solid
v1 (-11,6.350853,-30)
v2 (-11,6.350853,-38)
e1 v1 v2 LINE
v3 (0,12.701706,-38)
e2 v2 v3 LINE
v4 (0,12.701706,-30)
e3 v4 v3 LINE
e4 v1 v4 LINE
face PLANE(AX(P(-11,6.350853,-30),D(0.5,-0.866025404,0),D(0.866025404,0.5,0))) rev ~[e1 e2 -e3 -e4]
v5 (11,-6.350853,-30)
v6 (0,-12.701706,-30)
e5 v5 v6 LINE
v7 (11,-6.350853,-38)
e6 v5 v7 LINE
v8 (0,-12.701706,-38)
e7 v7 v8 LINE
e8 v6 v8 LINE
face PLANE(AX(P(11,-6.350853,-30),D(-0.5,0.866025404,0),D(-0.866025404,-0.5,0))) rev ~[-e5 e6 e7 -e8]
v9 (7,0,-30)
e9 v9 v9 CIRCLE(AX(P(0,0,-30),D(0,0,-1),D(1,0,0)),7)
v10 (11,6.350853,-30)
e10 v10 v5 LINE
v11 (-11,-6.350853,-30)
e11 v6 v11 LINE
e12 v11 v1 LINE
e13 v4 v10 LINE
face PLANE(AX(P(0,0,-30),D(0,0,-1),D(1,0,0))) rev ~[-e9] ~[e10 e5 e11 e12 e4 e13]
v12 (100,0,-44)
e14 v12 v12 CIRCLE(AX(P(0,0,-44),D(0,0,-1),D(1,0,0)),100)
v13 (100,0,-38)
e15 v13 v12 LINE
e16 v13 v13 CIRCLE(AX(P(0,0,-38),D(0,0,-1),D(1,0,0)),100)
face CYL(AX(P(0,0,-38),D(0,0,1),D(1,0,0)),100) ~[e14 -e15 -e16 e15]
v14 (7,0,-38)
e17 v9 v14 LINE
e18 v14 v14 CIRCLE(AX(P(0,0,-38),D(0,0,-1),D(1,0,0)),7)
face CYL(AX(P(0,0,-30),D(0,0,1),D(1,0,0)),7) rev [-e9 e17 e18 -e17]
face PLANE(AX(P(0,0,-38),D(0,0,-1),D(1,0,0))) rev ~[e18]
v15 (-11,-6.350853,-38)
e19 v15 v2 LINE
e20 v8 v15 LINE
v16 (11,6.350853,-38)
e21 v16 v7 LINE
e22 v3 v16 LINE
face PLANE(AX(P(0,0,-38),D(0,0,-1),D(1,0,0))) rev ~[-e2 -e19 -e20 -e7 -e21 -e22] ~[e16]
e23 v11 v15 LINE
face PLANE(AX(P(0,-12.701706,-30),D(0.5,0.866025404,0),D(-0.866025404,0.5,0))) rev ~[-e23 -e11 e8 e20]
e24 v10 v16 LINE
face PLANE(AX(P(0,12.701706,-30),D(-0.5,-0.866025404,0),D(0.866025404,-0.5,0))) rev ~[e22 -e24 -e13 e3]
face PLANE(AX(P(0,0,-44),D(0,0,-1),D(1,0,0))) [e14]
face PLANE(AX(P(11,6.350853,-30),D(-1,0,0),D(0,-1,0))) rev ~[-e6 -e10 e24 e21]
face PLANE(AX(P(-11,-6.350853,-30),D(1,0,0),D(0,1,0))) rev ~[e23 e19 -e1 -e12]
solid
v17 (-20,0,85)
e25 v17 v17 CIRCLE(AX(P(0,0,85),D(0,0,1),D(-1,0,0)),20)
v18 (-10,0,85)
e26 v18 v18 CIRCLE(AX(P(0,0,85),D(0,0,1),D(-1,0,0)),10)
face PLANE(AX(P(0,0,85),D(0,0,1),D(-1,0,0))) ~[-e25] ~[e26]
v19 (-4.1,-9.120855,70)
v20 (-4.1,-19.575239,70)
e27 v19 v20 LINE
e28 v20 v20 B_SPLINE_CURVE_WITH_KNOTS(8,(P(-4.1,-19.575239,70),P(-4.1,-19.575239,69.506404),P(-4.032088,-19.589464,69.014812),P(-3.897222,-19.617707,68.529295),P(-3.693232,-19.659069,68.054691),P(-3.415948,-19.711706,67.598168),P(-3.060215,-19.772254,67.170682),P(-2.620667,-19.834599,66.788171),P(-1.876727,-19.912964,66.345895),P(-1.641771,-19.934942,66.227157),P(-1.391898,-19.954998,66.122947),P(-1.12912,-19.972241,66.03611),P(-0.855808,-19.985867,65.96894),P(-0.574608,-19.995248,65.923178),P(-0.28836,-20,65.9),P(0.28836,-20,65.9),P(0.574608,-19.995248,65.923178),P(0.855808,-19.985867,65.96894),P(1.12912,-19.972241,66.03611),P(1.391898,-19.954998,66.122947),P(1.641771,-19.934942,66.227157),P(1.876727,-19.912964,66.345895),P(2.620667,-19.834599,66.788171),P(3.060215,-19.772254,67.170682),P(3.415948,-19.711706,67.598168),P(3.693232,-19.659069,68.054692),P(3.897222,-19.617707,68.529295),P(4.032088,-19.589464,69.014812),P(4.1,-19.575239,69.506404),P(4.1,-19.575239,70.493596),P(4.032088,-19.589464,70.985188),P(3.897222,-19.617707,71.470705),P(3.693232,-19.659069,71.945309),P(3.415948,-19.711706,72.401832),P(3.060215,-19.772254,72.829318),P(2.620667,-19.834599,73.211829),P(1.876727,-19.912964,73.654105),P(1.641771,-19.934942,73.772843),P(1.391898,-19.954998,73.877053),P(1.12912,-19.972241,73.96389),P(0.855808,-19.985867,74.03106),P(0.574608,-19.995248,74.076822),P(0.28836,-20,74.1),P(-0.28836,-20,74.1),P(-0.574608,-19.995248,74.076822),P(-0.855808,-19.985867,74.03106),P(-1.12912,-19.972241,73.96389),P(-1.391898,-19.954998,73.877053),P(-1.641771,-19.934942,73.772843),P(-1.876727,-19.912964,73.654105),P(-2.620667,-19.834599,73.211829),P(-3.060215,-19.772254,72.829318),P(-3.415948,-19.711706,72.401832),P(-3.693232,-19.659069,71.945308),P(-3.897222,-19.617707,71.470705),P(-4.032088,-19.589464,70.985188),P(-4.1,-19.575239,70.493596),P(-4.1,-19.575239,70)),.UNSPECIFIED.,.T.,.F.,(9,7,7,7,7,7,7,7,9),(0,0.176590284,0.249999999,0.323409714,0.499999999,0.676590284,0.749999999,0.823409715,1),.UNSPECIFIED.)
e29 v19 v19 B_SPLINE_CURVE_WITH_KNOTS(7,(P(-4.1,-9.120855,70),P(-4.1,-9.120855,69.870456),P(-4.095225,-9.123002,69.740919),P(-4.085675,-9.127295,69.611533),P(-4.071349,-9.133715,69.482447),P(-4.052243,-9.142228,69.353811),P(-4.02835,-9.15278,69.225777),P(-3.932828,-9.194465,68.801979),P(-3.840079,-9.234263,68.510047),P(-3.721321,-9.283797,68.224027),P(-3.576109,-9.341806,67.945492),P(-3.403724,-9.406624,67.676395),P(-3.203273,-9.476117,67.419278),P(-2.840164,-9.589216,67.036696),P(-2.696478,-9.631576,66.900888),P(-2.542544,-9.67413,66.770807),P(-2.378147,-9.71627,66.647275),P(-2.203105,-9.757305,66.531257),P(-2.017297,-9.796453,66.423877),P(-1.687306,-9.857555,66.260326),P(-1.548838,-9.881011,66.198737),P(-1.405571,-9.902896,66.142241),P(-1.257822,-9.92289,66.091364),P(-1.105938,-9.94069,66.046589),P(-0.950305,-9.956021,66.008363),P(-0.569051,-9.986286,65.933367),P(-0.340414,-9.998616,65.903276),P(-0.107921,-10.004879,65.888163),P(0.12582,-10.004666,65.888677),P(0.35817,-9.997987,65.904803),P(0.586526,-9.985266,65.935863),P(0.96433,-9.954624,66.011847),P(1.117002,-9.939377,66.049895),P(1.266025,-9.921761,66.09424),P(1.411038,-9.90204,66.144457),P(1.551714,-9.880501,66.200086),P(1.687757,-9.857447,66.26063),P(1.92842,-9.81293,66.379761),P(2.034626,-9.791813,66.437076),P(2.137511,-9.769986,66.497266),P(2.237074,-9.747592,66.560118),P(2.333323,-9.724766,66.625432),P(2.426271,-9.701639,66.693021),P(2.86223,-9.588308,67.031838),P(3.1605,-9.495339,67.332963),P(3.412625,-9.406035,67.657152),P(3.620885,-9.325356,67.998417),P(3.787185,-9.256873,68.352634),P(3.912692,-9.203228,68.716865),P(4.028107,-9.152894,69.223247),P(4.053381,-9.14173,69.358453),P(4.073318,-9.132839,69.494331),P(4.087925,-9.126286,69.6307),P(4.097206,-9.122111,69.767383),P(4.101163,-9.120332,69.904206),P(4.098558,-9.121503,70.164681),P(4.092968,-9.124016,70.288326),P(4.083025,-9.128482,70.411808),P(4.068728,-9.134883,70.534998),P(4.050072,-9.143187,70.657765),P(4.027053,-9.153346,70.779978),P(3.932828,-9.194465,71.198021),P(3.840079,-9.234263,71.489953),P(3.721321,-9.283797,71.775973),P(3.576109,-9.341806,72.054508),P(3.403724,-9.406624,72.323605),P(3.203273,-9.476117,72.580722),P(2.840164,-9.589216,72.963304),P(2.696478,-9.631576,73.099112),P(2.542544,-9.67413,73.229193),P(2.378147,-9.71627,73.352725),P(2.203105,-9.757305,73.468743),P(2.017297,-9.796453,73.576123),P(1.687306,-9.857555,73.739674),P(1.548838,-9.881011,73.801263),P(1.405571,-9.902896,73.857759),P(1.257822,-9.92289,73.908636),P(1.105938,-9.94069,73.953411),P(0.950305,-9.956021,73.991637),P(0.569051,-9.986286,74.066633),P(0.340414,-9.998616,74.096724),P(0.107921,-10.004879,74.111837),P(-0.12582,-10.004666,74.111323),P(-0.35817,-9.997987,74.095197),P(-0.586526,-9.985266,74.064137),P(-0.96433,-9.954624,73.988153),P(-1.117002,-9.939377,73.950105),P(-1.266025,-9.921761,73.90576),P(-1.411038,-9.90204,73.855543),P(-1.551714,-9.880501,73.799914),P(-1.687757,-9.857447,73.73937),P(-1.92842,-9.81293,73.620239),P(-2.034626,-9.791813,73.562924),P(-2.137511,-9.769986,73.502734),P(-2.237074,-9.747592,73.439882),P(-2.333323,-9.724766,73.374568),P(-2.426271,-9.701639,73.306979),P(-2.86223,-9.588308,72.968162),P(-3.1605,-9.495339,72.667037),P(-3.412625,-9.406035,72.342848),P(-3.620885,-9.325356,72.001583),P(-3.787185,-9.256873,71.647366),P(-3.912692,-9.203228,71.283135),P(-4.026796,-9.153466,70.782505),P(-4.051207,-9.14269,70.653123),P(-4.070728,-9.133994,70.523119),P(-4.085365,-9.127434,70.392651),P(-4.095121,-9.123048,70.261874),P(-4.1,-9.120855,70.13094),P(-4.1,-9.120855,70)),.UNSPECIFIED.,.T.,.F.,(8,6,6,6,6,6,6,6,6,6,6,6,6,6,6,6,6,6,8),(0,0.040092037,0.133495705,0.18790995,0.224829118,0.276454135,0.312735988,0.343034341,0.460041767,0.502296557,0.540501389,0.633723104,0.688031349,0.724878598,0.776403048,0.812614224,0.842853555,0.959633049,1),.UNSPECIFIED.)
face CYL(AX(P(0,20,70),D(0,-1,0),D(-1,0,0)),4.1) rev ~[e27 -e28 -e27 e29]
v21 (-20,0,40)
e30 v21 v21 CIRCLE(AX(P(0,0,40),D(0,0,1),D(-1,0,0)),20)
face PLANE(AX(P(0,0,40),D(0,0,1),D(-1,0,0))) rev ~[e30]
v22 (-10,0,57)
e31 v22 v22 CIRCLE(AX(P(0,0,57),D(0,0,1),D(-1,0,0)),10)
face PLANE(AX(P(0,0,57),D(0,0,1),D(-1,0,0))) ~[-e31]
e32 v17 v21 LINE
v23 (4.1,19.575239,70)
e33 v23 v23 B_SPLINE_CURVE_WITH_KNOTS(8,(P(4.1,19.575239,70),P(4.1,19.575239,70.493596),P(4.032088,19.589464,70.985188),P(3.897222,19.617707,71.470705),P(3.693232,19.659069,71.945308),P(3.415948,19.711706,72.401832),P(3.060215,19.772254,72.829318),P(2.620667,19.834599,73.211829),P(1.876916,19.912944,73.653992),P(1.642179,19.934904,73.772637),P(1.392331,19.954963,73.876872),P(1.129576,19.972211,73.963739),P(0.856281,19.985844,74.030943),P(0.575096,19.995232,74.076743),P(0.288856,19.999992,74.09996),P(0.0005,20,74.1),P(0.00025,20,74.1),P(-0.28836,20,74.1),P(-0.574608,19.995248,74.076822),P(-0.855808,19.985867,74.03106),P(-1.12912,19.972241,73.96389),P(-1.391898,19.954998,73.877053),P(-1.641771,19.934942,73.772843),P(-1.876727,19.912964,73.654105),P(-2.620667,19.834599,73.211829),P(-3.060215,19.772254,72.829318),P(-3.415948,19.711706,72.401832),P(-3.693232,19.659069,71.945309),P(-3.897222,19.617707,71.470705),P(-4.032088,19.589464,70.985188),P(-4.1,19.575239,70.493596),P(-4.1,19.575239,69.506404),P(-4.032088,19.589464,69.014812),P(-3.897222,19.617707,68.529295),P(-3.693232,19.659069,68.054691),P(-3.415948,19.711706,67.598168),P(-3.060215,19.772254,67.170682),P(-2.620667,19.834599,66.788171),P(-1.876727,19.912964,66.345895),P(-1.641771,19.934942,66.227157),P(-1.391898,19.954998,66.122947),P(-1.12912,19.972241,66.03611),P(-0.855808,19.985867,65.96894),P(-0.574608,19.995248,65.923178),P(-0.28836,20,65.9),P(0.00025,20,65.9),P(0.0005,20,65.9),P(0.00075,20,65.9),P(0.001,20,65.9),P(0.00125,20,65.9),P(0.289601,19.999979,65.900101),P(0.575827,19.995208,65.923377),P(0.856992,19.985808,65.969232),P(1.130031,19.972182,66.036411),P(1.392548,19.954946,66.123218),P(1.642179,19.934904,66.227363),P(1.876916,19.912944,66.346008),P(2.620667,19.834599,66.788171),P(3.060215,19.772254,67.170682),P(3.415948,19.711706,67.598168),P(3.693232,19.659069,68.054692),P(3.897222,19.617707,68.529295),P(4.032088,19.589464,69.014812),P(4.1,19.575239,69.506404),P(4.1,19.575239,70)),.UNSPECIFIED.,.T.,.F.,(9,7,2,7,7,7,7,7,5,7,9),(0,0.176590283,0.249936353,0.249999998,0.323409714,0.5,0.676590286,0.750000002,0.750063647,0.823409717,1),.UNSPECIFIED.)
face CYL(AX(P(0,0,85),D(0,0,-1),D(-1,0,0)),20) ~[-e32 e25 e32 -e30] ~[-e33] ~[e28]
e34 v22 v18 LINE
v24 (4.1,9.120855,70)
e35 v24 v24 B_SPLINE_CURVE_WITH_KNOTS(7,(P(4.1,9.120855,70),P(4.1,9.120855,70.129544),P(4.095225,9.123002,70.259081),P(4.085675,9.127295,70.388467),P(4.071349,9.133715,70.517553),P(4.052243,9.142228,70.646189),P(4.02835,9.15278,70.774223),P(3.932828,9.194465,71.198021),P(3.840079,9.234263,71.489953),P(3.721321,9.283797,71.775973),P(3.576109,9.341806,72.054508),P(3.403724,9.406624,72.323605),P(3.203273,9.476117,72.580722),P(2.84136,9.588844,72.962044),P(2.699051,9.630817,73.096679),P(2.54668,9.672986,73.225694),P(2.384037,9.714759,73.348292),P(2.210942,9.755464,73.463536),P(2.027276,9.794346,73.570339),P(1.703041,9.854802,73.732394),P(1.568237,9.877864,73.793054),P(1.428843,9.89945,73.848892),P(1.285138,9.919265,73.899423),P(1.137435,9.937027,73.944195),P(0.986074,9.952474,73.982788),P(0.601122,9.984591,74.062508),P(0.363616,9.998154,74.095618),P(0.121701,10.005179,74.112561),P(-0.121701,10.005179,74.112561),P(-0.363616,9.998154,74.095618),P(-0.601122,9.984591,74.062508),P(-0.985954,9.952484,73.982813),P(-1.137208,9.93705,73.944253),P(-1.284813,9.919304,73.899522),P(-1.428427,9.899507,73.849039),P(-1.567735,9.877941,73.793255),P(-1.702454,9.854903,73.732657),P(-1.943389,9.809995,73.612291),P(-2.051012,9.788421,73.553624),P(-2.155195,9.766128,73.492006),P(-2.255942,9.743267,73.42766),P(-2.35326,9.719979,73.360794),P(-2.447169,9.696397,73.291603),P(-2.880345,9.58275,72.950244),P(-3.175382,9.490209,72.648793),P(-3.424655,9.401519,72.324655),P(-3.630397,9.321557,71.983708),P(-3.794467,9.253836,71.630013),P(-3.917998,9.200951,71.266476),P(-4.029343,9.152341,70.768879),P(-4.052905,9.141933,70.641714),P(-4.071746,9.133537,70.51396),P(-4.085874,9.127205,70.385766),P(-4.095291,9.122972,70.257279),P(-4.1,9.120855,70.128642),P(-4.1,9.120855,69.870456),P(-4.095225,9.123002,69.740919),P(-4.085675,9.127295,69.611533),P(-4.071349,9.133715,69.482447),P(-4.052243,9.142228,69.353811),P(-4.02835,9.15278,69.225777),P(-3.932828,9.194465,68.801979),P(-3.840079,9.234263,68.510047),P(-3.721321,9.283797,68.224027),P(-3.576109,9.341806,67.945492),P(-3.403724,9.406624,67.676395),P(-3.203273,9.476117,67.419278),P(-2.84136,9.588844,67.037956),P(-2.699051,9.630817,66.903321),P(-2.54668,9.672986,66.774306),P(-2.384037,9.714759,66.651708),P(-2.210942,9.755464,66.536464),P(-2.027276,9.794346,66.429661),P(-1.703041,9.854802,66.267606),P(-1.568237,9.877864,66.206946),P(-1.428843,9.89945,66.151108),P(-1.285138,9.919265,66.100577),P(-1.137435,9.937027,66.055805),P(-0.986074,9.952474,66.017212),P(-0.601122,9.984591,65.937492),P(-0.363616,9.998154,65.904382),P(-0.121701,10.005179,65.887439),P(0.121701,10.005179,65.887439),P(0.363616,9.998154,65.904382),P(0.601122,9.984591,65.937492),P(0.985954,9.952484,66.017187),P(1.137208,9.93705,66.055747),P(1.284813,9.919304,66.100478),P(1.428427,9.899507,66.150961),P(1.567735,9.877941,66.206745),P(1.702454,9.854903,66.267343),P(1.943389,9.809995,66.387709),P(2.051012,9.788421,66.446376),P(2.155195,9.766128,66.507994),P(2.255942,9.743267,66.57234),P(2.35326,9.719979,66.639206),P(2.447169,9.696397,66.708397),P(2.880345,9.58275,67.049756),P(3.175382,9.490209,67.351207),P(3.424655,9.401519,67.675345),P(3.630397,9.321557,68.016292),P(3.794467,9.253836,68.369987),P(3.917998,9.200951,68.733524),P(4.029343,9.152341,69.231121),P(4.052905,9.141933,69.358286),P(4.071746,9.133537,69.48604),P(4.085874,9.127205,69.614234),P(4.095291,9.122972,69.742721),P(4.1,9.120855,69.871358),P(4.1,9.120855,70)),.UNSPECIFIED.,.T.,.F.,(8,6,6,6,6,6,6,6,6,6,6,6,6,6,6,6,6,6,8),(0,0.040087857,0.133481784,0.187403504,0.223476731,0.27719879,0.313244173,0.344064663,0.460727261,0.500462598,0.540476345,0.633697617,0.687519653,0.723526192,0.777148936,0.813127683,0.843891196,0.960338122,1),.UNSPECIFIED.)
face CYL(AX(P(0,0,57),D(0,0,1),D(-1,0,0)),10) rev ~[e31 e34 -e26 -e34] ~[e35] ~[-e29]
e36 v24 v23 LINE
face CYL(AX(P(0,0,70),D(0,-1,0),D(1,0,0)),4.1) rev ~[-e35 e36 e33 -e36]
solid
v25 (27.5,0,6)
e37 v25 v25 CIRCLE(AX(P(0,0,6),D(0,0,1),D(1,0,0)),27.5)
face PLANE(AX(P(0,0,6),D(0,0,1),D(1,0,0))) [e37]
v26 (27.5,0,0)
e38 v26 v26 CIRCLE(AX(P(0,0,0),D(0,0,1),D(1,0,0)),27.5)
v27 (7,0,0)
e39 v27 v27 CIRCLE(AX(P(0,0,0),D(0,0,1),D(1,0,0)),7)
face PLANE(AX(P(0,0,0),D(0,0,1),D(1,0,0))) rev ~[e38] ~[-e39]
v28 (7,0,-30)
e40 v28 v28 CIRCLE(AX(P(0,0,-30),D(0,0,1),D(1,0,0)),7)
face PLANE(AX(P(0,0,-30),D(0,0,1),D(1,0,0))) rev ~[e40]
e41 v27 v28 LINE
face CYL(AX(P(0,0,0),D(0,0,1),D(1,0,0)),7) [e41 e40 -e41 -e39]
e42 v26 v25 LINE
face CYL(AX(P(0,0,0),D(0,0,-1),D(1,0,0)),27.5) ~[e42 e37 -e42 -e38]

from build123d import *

# Parameters (mm, degrees)
F0_R      = 27.5
F1_DEPTH  = 6
F2_R      = 7
F3_DEPTH  = 30
F4_R      = 7
F5_DEPTH  = 8
F6_R      = 100
F6_R_2    = 7
F7_DEPTH  = 6
F10_D     = 8.2
F10_DEPTH = 30
F10_TIP   = 2.463528538
F11_D     = 8.2
F11_DEPTH = 30
F11_START = 10.0000001
F11_TIP   = 2.463528538


with BuildPart() as f1:
    # F0 (on Top) → F1 (new body)
    with BuildSketch(Plane.XY):
        Circle(F0_R)
    extrude(amount=F1_DEPTH)

    # F2 (on face) → F3 (join)
    with BuildSketch(Plane.XY):
        Circle(F2_R)
    extrude(amount=-F3_DEPTH)


with BuildPart() as f5:
    # F4 (on face) → F5 (new body)
    with BuildSketch(Plane(origin=(0, 0, -30), x_dir=(1, 0, 0), z_dir=(0, 0, -1))):
        Polygon((11, -6.3508529611), (11, 6.3508529611), (0, 12.7017059222), (-11, 6.3508529611), (-11, -6.3508529611), (0, -12.7017059222), align=None)
        Circle(F4_R, mode=Mode.SUBTRACT)
    extrude(amount=F5_DEPTH)

    # F6 (on face) → F7 (join)
    with BuildSketch(Plane(origin=(0, 0, -38), x_dir=(1, 0, 0), z_dir=(0, 0, -1))):
        Circle(F6_R)
        Polygon((11, -6.3508529611), (0, -12.7017059222), (-11, -6.3508529611), (-11, 6.3508529611), (0, 12.7017059222), (11, 6.3508529611), align=None, mode=Mode.SUBTRACT)
        Polygon((-11, -6.3508529611), (0, -12.7017059222), (11, -6.3508529611), (11, 6.3508529611), (0, 12.7017059222), (-11, 6.3508529611), align=None)
        Circle(F6_R_2, mode=Mode.SUBTRACT)
        Circle(F6_R_2)
    extrude(amount=F7_DEPTH)


with BuildPart() as f9:
    # F8 (on Front) → F9 (revolve)
    with BuildSketch(Plane.XZ):
        Polygon((-20, 40), (0, 40), (0, 57), (-10, 57), (-10, 85), (-20, 85), align=None)
    revolve(axis=Axis((0, 0, 48.5), (0, 0, 1)))

    # F10 (one way)
    with BuildSketch(Plane.XZ):
        with Locations((0, 70)):
            Circle(F10_D / 2)
    extrude(amount=-F10_DEPTH, mode=Mode.SUBTRACT)
    with Locations(Plane.XZ):
        with Locations((0, 70)):
            with Locations((0, 0, -(F10_DEPTH + F10_TIP / 2))):  # 118° drill point
                Cone(0, F10_D / 2, F10_TIP, mode=Mode.SUBTRACT)

    # F11
    # its depths count from where the whole tool has entered the part; down to there all is cleared
    with Locations(Plane(origin=(0, 0, 0), x_dir=(1, 0, 0), z_dir=(0, 1, 0)).offset(-F11_START)):
        with Locations((0, -70)):
            Hole(F11_D / 2, depth=F11_DEPTH)
            with Locations((0, 0, -(F11_DEPTH + F11_TIP / 2))):  # 118° drill point
                Cone(0, F11_D / 2, F11_TIP, mode=Mode.SUBTRACT)


solid = Compound([f1.part, f5.part, f9.part])
